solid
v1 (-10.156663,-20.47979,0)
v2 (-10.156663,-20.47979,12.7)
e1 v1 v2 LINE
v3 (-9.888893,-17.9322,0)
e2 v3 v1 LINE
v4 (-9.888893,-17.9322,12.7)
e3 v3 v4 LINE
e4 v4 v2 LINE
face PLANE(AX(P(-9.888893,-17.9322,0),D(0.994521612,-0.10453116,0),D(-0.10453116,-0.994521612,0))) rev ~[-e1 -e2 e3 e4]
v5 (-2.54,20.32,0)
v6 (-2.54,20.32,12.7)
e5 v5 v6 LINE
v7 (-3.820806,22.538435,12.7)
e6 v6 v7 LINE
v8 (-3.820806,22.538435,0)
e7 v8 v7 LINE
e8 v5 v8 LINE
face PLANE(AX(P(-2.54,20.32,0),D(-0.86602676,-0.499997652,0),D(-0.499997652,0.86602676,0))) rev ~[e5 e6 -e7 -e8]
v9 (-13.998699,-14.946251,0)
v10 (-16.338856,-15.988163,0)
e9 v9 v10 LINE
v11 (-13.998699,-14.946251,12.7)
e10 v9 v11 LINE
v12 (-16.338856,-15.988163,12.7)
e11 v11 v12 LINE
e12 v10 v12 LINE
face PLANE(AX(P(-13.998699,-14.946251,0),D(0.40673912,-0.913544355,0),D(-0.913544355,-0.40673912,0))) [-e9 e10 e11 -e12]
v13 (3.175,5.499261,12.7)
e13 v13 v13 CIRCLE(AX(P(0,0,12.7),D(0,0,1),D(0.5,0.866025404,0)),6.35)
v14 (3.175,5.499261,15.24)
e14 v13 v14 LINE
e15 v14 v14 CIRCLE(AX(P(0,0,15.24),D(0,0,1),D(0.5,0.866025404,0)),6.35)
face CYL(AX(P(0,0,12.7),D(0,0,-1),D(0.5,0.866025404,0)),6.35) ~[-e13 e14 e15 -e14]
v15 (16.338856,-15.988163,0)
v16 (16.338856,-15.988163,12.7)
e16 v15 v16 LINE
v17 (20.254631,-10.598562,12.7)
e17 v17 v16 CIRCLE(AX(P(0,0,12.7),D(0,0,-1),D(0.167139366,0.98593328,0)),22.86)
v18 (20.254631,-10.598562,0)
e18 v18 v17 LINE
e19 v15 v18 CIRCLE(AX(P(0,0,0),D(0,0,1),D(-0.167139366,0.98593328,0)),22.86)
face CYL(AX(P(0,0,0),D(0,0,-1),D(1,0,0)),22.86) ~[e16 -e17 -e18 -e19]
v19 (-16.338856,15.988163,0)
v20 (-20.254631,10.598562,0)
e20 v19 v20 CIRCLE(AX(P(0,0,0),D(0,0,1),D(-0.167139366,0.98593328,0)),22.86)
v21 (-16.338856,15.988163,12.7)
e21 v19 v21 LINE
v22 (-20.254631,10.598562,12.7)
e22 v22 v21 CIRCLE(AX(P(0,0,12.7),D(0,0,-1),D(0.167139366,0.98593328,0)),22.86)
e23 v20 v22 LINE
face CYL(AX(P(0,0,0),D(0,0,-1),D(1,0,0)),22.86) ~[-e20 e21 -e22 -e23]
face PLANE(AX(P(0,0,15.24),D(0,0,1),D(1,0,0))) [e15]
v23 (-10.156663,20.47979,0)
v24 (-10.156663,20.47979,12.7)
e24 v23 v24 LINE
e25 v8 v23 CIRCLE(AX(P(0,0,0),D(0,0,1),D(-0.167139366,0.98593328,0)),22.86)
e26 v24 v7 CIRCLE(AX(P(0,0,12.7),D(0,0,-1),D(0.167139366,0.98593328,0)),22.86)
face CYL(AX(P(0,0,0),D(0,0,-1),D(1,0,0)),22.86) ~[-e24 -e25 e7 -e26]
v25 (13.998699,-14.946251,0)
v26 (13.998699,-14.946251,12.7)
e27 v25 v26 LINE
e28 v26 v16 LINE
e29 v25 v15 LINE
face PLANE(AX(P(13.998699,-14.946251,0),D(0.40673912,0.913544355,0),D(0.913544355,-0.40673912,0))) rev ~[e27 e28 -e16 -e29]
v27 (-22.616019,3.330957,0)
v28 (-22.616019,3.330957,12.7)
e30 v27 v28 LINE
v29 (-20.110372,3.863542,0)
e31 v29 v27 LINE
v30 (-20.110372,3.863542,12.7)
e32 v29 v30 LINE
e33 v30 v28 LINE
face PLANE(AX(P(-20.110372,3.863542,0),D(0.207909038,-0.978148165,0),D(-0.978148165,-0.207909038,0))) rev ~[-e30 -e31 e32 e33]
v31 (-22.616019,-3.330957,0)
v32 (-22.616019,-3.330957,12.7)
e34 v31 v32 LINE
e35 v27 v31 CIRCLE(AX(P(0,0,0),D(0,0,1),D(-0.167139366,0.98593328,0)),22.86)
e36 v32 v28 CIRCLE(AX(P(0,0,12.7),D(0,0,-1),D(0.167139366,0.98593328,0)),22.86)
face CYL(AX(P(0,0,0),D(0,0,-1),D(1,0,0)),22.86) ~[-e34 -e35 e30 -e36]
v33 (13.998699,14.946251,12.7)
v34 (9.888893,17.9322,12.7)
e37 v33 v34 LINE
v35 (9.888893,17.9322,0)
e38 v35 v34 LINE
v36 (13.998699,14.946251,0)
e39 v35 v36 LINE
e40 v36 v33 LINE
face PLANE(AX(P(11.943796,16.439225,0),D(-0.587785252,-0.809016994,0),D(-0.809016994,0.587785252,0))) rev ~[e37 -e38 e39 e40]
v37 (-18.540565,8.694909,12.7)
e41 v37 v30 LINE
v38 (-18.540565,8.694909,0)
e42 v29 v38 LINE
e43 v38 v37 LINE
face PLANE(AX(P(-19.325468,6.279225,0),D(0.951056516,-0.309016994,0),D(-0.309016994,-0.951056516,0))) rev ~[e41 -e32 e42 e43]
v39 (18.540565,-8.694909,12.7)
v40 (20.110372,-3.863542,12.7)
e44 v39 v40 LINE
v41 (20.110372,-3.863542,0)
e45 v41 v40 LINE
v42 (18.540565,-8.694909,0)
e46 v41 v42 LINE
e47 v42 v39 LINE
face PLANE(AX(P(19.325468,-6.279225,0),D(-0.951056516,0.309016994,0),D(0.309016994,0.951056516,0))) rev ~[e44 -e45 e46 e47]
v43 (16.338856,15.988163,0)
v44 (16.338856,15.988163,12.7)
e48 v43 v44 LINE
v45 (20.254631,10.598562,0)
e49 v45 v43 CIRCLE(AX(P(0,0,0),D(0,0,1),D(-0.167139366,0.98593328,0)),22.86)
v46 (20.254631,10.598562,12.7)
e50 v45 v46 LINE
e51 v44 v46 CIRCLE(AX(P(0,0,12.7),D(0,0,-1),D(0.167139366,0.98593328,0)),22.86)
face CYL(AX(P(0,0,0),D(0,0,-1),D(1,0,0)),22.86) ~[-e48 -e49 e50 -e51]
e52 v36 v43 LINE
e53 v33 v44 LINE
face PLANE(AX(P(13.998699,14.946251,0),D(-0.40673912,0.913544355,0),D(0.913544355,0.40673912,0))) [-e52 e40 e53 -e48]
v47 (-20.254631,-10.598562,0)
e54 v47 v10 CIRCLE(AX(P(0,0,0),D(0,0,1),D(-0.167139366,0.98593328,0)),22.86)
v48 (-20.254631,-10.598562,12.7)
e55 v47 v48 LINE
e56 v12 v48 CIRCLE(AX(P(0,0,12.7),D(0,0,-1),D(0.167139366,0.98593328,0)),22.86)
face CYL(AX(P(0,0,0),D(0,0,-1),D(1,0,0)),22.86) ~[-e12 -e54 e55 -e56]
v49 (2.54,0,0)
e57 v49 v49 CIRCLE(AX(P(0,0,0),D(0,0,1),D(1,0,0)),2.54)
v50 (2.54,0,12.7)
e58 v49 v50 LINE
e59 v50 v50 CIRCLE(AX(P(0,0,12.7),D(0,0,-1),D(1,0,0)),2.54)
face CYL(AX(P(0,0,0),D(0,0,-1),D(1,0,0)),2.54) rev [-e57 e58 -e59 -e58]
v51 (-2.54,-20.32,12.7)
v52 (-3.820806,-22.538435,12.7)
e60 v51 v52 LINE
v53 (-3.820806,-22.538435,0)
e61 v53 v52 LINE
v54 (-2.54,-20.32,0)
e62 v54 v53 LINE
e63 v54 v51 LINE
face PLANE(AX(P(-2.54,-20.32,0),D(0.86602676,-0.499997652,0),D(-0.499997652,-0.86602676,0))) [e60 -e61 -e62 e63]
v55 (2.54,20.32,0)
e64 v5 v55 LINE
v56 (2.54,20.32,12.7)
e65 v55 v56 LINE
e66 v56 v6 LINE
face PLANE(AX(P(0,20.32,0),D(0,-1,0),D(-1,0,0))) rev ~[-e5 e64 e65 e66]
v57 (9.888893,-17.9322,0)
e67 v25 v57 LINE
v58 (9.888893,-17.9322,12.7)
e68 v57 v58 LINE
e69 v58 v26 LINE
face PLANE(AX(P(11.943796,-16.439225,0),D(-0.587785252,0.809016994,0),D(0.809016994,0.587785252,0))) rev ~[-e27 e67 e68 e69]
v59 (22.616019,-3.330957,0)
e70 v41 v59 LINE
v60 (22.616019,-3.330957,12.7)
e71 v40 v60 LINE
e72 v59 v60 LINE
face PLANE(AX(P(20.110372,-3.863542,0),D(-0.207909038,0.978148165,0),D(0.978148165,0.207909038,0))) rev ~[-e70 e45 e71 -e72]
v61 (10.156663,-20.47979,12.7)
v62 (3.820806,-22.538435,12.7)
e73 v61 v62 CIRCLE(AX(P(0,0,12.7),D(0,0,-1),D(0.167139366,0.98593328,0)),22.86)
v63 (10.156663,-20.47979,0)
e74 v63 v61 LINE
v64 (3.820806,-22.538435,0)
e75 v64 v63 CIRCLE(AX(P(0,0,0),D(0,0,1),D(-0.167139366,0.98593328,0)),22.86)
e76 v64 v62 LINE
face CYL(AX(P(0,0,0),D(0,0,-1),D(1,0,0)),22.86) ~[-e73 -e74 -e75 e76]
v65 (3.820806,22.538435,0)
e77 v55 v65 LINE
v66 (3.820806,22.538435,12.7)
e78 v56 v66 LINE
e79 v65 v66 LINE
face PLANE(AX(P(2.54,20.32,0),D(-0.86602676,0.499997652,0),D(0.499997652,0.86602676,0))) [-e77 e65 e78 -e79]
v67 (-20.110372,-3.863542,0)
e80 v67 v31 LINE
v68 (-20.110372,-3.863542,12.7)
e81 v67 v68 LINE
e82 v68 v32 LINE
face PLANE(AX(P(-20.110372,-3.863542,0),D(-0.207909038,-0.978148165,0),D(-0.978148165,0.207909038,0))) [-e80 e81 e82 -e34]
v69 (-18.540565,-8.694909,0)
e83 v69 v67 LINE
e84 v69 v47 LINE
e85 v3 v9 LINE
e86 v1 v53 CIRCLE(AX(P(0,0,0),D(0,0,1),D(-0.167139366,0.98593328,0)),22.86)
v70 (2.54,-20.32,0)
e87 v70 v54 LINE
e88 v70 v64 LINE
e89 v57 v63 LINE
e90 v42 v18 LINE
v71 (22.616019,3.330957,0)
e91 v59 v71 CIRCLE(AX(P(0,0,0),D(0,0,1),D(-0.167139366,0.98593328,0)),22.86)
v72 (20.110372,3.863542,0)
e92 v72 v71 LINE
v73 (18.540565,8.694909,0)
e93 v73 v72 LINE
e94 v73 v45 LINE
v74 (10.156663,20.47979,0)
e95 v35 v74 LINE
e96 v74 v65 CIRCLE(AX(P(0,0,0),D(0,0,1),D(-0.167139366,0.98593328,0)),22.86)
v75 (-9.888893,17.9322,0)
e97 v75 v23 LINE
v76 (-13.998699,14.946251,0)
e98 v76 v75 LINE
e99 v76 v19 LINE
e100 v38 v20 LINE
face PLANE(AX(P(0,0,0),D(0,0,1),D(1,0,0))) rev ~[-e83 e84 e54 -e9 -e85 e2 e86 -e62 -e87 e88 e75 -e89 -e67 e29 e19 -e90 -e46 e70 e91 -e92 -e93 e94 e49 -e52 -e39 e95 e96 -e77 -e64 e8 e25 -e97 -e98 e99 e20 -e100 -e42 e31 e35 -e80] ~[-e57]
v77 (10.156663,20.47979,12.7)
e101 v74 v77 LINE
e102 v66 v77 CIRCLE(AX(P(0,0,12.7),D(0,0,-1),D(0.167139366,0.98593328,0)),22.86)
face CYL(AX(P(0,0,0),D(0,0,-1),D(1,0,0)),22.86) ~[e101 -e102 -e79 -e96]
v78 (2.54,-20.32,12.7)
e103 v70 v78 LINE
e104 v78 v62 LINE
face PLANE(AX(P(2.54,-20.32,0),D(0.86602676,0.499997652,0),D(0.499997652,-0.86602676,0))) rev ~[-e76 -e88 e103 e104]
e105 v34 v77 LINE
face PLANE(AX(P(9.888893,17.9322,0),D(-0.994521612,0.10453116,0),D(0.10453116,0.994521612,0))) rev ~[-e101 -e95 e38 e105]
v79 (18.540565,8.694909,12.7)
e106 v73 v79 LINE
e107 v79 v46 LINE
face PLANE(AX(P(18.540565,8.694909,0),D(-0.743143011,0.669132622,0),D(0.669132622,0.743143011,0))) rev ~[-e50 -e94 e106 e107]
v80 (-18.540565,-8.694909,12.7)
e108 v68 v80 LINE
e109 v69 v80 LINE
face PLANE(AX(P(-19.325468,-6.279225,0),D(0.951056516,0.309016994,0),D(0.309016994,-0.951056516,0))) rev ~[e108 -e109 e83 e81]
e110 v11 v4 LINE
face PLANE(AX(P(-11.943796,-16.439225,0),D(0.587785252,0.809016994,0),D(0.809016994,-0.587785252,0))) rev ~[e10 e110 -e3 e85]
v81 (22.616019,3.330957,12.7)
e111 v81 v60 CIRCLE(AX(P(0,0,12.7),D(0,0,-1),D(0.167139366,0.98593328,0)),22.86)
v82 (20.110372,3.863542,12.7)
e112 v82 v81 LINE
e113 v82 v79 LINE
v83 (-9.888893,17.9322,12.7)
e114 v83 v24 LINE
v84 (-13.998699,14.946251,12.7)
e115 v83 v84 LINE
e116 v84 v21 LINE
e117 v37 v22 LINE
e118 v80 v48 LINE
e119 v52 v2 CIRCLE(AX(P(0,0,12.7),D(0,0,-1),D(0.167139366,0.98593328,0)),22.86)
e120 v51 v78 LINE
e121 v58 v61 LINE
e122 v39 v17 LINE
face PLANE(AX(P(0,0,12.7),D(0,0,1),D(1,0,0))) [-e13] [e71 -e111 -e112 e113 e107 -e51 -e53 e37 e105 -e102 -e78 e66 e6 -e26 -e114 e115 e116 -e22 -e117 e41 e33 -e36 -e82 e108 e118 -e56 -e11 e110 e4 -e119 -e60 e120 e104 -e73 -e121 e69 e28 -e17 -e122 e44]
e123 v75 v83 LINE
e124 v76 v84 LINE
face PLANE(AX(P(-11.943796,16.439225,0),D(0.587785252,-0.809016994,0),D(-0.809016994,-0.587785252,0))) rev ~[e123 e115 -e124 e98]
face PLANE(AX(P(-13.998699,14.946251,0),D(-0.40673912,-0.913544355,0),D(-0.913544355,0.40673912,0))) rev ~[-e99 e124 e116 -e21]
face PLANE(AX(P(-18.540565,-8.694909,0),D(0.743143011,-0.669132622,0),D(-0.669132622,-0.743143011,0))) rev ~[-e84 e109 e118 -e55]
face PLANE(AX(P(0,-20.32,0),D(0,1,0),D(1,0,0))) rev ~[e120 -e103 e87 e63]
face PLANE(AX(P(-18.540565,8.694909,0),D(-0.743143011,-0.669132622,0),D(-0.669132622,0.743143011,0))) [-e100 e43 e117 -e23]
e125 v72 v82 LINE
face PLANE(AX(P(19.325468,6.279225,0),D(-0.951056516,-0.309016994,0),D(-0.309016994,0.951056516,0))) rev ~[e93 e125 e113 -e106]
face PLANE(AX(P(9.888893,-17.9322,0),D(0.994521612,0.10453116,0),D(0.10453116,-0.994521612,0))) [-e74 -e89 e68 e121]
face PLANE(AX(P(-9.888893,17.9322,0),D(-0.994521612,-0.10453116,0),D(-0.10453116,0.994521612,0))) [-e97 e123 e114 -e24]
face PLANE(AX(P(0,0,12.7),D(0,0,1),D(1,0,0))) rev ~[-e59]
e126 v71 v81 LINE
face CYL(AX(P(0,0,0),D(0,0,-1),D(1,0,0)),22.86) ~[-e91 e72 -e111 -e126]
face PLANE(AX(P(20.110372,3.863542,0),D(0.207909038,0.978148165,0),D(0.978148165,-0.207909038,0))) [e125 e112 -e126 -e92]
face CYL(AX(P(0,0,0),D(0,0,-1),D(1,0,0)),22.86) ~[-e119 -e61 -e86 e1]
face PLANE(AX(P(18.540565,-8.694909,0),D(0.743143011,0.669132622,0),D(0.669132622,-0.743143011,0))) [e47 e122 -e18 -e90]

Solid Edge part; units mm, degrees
sketch "Sketch1" plane through (0, 0, 0) normal (0, 0, 1) x (1, 0, 0)
  circle A0 centre (0, 0) radius 22.86
extrude "Protrusion1" add sketch "Sketch1" along normal blind 12.7
sketch "Sketch2" plane through (0, 0, 0) normal (0, 0, 1) x (1, 0, 0)
  circle A0 centre (0, 0) radius 2.54
extrude "ExtrudedCutout_2" cut sketch "Sketch2" along normal blind 15.2909
sketch "Sketch3" plane through (0, 0, 0) normal (0, 0, 1) x (1, 0, 0)
  line L0 (0, 20.32) -> (-2.54, 20.32)
  line L1 (-2.54, 20.32) -> (-3.8208, 22.5384)
  line L2 (2.54, 20.32) -> (3.8208, 22.5384)
  line L3 (0, 20.32) -> (2.54, 20.32)
  arc A0 (-3.8208, 22.5384) -> (3.8208, 22.5384) centre (0, 0) cw
extrude "Cutout1" cut sketch "Sketch3" along normal up to vertex (12.7 mm away)
pattern_circular "Pattern1" count 10 over 360 about axis through (0, 0, 12.7) along (0, 0, 1) of "Cutout1"
sketch "Sketch4" plane through (0, 0, 12.7) normal (0, 0, 1) x (0.5, 0.866, 0)
  circle A0 centre (0, 0) radius 6.35
extrude "ExtrudedProtrusion_3" add sketch "Sketch4" along normal blind 2.54
